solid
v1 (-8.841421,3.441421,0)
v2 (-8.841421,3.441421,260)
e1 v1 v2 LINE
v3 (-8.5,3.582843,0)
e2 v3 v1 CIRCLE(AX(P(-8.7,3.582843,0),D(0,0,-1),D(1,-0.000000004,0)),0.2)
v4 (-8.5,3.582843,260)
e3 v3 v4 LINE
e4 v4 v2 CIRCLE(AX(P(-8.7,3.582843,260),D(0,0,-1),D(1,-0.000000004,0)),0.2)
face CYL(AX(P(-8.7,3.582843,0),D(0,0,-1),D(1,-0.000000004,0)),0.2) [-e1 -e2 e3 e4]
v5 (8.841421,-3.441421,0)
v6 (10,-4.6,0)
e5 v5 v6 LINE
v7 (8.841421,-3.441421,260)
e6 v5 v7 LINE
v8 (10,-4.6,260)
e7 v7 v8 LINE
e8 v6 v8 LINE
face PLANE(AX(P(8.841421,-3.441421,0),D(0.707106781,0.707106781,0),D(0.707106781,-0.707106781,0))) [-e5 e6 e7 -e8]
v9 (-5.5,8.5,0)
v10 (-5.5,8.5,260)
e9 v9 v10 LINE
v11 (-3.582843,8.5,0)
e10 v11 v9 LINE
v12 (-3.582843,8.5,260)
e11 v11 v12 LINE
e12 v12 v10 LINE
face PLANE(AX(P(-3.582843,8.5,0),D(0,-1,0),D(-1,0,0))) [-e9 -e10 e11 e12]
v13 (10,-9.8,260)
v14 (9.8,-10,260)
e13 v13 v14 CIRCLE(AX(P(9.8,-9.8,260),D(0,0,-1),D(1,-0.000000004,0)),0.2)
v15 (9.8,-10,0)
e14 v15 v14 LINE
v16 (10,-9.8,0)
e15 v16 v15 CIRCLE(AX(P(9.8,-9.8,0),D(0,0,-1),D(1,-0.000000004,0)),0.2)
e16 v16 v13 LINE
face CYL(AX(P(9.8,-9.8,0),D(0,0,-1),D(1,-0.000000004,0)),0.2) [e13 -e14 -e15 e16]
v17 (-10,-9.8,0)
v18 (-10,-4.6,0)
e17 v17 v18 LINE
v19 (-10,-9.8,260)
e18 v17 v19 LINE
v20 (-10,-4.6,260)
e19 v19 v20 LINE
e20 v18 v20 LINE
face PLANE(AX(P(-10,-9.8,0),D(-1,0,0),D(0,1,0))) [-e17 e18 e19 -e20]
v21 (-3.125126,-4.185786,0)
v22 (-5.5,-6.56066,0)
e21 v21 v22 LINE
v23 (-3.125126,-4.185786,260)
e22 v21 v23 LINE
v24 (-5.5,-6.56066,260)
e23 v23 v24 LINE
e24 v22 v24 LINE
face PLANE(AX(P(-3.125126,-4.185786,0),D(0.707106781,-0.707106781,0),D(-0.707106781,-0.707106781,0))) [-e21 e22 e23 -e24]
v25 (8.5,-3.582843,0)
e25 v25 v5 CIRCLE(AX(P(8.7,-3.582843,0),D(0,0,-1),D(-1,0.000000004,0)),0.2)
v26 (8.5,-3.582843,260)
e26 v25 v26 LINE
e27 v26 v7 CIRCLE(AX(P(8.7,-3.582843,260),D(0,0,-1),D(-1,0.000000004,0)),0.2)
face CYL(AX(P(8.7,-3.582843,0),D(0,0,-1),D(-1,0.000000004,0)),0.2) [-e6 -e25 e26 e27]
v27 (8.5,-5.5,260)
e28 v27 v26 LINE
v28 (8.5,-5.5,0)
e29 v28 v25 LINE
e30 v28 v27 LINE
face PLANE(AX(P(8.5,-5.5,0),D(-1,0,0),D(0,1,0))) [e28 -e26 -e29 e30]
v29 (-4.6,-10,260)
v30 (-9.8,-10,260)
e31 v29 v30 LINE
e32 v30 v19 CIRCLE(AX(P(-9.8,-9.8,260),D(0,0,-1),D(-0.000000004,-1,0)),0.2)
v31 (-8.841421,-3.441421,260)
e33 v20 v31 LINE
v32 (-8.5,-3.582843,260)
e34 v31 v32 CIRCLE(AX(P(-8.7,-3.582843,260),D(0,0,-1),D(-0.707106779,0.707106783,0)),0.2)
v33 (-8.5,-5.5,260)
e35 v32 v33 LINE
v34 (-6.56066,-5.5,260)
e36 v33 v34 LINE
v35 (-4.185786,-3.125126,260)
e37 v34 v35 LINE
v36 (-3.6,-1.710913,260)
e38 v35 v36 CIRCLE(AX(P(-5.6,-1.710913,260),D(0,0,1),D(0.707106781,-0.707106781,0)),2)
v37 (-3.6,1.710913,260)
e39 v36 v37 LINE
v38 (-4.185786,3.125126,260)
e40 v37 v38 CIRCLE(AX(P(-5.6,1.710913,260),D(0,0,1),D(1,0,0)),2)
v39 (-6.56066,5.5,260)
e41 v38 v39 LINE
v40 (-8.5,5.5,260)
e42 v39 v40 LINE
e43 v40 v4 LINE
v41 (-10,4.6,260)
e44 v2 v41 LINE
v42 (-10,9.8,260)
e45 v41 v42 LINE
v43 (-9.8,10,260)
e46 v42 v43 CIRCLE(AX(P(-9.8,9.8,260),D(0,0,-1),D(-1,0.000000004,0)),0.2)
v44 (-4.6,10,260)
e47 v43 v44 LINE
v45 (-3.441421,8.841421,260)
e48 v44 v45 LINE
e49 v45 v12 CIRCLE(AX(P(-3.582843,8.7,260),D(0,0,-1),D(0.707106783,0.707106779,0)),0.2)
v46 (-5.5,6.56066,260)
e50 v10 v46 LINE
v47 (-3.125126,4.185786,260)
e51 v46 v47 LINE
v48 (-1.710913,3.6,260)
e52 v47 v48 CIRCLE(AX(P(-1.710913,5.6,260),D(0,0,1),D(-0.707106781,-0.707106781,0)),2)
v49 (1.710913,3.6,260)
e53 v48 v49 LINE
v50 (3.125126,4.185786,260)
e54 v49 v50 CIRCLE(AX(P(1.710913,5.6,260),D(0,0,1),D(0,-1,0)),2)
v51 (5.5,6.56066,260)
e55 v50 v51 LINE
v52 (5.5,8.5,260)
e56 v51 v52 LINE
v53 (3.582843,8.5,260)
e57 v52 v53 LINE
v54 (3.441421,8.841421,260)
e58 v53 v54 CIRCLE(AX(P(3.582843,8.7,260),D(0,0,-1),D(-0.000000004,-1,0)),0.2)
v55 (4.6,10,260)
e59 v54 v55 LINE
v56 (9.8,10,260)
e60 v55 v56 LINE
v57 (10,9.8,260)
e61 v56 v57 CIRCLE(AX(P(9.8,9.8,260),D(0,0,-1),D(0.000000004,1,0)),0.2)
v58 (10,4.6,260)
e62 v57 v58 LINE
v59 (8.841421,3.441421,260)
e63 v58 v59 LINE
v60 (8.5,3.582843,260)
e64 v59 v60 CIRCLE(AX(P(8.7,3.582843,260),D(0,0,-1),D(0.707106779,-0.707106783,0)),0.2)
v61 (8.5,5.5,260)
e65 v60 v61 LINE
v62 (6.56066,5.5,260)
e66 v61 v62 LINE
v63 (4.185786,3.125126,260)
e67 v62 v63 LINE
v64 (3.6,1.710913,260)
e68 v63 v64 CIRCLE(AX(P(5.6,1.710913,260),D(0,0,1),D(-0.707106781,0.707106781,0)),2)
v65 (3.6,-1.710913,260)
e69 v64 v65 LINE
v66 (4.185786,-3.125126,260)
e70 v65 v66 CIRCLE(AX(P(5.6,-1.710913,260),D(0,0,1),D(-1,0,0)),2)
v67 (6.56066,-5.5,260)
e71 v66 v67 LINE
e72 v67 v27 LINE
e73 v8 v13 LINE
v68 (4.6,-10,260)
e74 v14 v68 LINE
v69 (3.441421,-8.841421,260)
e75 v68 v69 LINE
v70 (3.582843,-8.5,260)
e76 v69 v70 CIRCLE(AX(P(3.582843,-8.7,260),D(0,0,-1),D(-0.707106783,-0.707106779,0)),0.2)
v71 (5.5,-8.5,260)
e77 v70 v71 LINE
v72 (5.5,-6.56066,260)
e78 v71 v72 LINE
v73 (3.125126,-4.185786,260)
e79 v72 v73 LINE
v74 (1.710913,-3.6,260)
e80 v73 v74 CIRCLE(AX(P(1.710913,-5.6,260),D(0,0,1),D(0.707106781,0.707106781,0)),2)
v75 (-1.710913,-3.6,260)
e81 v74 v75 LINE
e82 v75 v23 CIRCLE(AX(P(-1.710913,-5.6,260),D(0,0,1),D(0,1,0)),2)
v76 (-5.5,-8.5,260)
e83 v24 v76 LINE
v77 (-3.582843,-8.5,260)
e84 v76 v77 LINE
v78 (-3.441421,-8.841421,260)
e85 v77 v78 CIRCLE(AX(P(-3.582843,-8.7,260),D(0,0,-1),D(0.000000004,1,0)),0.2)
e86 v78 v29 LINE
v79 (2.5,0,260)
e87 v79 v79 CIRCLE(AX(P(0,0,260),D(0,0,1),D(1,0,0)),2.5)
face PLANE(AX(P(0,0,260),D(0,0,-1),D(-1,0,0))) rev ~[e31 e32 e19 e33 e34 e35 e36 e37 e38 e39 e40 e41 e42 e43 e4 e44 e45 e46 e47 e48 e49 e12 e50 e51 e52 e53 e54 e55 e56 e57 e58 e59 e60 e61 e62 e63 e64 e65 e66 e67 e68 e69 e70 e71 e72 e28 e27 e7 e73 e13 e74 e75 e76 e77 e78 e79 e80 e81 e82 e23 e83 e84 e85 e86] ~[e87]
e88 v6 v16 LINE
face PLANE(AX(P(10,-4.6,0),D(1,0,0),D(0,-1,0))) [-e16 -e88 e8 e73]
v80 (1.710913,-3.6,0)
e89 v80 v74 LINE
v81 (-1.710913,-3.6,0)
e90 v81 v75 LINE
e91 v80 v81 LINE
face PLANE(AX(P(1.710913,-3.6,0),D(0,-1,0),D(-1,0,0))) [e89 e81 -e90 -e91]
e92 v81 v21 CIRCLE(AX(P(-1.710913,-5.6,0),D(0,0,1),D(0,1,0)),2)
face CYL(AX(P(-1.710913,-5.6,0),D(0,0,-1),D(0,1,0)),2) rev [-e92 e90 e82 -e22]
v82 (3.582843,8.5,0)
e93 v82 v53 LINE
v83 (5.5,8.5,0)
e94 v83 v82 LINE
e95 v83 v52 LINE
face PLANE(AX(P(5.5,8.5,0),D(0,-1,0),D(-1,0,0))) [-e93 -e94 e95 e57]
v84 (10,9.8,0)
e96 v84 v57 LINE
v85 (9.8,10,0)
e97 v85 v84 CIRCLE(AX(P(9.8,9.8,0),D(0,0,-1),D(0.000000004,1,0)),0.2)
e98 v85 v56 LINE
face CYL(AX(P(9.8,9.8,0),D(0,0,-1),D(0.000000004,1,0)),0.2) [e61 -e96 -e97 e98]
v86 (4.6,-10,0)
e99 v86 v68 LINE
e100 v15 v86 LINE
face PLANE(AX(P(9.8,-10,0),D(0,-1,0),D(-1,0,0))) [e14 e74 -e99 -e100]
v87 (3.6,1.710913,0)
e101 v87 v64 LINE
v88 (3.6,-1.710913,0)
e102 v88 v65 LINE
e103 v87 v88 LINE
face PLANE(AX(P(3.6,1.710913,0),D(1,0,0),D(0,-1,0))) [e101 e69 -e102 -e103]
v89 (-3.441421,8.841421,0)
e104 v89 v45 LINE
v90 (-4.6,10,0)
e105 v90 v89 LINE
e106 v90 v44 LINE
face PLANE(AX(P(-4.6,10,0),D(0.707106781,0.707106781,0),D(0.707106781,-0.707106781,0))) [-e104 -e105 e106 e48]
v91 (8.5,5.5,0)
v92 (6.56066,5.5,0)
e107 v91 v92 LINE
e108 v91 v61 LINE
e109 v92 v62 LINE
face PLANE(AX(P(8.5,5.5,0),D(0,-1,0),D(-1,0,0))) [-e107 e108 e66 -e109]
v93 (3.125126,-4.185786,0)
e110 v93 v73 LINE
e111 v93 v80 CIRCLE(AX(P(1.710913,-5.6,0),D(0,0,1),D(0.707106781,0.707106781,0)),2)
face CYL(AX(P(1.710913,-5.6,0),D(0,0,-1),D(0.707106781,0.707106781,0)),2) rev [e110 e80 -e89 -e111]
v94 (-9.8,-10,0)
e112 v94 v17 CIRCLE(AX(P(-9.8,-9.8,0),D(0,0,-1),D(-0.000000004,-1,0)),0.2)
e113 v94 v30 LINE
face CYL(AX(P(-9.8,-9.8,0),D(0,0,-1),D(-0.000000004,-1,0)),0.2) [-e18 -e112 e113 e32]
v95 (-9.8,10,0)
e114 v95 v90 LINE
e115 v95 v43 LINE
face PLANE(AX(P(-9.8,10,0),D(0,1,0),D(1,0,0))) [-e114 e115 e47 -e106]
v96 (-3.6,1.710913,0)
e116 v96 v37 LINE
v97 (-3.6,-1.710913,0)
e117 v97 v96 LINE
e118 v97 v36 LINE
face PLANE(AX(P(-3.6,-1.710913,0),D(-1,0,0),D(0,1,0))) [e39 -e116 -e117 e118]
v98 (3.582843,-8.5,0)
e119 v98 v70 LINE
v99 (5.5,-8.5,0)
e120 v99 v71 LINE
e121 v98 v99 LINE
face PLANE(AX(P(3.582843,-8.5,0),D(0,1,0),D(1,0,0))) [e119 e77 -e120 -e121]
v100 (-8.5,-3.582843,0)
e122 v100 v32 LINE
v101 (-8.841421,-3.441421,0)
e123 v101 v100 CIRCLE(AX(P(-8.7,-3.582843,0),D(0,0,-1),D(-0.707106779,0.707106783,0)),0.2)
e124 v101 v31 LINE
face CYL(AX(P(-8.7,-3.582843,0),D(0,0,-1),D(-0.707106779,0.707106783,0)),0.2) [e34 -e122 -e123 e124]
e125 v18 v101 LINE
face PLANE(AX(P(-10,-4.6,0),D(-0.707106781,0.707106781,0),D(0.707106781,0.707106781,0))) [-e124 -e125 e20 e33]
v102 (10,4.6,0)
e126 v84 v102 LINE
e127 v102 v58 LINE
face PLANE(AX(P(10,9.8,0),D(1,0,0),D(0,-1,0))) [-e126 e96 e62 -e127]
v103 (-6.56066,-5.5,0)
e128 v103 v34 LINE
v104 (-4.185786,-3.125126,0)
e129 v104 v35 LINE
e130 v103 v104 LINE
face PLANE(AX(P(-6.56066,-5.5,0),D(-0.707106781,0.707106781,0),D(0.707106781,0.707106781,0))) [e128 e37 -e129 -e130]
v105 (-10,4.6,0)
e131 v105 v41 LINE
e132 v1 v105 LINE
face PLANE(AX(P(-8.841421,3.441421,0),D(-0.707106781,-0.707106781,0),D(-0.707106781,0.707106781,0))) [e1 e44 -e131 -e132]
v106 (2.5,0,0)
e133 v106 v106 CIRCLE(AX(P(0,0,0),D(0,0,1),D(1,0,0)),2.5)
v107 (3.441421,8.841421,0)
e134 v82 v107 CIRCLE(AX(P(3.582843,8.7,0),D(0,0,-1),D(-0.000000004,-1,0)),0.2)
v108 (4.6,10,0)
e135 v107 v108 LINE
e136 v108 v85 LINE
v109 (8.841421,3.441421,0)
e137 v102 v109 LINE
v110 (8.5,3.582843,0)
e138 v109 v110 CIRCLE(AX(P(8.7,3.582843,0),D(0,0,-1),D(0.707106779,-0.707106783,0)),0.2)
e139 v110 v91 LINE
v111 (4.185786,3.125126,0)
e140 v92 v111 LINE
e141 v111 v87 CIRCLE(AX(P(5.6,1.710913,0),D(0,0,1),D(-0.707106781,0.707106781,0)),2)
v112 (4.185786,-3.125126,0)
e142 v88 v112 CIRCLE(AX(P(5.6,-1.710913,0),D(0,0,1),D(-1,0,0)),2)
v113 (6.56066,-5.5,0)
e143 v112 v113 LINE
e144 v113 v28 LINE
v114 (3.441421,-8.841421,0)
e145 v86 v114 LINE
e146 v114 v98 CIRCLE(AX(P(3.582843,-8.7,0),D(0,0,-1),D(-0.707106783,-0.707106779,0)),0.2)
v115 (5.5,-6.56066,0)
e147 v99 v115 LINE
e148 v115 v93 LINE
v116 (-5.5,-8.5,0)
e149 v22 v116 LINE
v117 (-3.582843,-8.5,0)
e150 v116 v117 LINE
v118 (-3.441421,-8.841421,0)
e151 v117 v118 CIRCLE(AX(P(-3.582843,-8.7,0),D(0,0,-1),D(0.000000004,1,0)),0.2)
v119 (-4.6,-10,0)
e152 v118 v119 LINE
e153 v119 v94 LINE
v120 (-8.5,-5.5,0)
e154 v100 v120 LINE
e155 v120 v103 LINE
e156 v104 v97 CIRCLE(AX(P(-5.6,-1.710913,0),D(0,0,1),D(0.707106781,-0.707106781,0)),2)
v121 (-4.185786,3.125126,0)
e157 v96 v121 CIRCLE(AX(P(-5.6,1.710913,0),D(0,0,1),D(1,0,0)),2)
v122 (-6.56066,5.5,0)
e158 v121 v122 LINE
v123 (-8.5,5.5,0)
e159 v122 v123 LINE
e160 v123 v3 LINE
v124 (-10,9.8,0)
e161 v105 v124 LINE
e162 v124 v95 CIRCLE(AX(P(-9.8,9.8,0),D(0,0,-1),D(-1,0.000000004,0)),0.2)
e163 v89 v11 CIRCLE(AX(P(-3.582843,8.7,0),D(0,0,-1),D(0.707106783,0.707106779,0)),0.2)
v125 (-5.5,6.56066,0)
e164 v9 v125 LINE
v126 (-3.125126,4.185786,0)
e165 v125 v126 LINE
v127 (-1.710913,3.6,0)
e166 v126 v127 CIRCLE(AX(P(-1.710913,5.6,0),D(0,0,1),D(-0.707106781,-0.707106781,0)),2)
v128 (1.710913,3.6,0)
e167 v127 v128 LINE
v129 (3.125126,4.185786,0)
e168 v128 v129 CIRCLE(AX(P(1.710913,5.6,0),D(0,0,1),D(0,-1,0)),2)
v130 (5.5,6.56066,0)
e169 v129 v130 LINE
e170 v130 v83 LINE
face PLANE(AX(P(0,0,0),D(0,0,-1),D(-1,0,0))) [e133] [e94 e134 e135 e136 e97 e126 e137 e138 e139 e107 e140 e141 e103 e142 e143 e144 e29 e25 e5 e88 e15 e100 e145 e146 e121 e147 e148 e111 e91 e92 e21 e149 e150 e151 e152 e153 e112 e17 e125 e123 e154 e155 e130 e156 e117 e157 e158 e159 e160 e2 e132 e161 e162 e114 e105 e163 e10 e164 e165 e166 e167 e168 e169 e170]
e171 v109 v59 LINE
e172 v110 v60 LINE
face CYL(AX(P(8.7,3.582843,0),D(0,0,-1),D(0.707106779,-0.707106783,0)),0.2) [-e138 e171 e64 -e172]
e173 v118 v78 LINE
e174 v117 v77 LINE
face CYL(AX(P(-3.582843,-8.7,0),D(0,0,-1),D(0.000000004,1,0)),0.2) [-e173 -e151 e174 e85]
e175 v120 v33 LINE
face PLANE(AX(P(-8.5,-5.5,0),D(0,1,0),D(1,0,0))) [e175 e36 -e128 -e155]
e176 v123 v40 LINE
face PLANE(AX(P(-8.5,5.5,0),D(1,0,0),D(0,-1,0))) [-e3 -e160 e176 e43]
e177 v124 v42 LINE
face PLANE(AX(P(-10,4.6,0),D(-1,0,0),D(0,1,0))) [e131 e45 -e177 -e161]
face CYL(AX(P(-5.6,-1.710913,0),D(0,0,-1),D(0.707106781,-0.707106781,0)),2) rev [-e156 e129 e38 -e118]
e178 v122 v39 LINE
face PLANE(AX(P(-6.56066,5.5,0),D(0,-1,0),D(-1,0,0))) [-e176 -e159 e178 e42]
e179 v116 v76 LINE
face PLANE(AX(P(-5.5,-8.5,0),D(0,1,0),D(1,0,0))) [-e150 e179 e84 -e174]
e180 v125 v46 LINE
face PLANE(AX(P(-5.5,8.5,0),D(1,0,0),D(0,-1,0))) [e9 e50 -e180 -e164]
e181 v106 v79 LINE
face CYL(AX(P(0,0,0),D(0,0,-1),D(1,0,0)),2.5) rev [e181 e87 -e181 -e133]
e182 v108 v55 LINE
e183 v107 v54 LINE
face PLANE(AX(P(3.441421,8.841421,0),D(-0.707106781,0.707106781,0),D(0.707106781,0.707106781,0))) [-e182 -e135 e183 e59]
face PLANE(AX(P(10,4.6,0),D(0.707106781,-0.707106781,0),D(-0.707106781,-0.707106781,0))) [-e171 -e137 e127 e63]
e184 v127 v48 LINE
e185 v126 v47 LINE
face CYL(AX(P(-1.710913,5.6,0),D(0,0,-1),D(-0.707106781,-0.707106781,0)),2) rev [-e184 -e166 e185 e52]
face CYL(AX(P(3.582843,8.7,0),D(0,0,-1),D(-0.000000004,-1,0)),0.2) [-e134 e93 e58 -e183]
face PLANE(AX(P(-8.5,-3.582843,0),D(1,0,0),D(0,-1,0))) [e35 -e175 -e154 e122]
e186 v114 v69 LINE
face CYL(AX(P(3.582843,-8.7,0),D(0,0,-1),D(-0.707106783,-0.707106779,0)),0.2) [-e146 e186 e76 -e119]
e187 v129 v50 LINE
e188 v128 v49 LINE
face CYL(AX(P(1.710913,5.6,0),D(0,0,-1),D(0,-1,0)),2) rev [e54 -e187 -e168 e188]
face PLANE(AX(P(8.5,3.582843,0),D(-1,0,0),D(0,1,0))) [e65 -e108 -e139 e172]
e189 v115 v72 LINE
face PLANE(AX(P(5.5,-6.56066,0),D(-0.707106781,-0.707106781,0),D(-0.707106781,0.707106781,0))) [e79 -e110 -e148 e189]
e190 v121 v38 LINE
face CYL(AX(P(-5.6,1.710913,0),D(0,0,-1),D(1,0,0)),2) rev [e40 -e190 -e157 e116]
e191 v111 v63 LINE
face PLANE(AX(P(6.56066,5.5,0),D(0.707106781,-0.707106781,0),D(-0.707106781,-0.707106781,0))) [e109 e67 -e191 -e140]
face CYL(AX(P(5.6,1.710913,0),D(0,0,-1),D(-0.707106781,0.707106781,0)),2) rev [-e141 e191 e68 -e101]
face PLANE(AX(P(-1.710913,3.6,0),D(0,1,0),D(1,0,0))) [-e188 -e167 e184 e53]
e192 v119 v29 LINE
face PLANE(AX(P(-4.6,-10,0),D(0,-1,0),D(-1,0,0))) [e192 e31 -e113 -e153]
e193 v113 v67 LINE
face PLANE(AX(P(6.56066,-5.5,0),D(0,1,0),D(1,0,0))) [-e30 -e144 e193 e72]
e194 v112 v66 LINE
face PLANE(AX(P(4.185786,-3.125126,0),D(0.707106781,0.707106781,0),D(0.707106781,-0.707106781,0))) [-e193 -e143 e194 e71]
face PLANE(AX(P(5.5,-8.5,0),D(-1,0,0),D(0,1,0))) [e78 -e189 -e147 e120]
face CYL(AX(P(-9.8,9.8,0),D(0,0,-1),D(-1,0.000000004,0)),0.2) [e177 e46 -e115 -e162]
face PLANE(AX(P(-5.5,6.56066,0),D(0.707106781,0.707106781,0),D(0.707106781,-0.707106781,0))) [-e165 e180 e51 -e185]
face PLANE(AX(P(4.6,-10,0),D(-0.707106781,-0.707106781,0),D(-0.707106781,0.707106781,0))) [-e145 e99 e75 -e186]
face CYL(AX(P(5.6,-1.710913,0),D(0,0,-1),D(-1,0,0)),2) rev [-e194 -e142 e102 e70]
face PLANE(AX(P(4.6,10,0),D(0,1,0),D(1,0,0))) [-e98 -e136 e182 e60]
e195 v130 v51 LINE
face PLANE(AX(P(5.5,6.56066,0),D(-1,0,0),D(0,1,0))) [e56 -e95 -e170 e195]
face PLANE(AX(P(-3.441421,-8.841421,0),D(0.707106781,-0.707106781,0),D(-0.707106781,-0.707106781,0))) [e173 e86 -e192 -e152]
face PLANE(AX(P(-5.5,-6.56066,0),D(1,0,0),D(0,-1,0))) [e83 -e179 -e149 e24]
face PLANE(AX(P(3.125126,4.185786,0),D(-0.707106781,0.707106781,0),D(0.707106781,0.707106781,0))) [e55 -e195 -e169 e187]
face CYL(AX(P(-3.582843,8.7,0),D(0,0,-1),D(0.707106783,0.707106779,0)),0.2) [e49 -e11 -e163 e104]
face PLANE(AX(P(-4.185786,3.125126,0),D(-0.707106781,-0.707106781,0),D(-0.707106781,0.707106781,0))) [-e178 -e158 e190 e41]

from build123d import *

# Parameters (mm, degrees)
ESBO_O1_R                = 2.5
RESSALTO_EXTRUS_O1_DEPTH = 260


with BuildPart() as part:
    # Esboço1 → Ressalto-extrusão1 (new body)
    with BuildSketch(Plane.XY):
        with BuildLine():
            Line((-4.6, -10), (-9.8, -10))
            ThreePointArc((-9.8, -10), (-9.941421356, -9.941421356), (-10, -9.8))
            Line((-10, -9.8), (-10, -4.6))
            Line((-10, -4.6), (-8.841421356, -3.441421356))
            ThreePointArc((-8.841421356, -3.441421356), (-8.623463314, -3.398066806), (-8.5, -3.582842712))
            Line((-8.5, -3.582842712), (-8.5, -5.5))
            Line((-8.5, -5.5), (-6.560660172, -5.5))
            Line((-6.560660172, -5.5), (-4.185786438, -3.125126266))
            ThreePointArc((-4.185786438, -3.125126266), (-3.752240935, -2.476279568), (-3.6, -1.710912703))
            Line((-3.6, -1.710912703), (-3.6, 1.710912703))
            ThreePointArc((-3.6, 1.710912703), (-3.752240935, 2.476279568), (-4.185786438, 3.125126266))
            Line((-4.185786438, 3.125126266), (-6.560660172, 5.5))
            Line((-6.560660172, 5.5), (-8.5, 5.5))
            Line((-8.5, 5.5), (-8.5, 3.582842712))
            ThreePointArc((-8.5, 3.582842712), (-8.623463314, 3.398066806), (-8.841421356, 3.441421356))
            Line((-8.841421356, 3.441421356), (-10, 4.6))
            Line((-10, 4.6), (-10, 9.8))
            ThreePointArc((-10, 9.8), (-9.941421356, 9.941421356), (-9.8, 10))
            Line((-9.8, 10), (-4.6, 10))
            Line((-4.6, 10), (-3.441421356, 8.841421356))
            ThreePointArc((-3.441421356, 8.841421356), (-3.398066806, 8.623463314), (-3.582842712, 8.5))
            Line((-3.582842712, 8.5), (-5.5, 8.5))
            Line((-5.5, 8.5), (-5.5, 6.560660172))
            Line((-5.5, 6.560660172), (-3.125126266, 4.185786438))
            ThreePointArc((-3.125126266, 4.185786438), (-2.476279568, 3.752240935), (-1.710912703, 3.6))
            Line((-1.710912703, 3.6), (1.710912703, 3.6))
            ThreePointArc((1.710912703, 3.6), (2.476279568, 3.752240935), (3.125126266, 4.185786438))
            Line((3.125126266, 4.185786438), (5.5, 6.560660172))
            Line((5.5, 6.560660172), (5.5, 8.5))
            Line((5.5, 8.5), (3.582842712, 8.5))
            ThreePointArc((3.582842712, 8.5), (3.398066806, 8.623463314), (3.441421356, 8.841421356))
            Line((3.441421356, 8.841421356), (4.6, 10))
            Line((4.6, 10), (9.8, 10))
            ThreePointArc((9.8, 10), (9.941421356, 9.941421356), (10, 9.8))
            Line((10, 9.8), (10, 4.6))
            Line((10, 4.6), (8.841421356, 3.441421356))
            ThreePointArc((8.841421356, 3.441421356), (8.623463314, 3.398066806), (8.5, 3.582842712))
            Line((8.5, 3.582842712), (8.5, 5.5))
            Line((8.5, 5.5), (6.560660172, 5.5))
            Line((6.560660172, 5.5), (4.185786438, 3.125126266))
            ThreePointArc((4.185786438, 3.125126266), (3.752240935, 2.476279568), (3.6, 1.710912703))
            Line((3.6, 1.710912703), (3.6, -1.710912703))
            ThreePointArc((3.6, -1.710912703), (3.752240935, -2.476279568), (4.185786438, -3.125126266))
            Line((4.185786438, -3.125126266), (6.560660172, -5.5))
            Line((6.560660172, -5.5), (8.5, -5.5))
            Line((8.5, -5.5), (8.5, -3.582842712))
            ThreePointArc((8.5, -3.582842712), (8.623463314, -3.398066806), (8.841421356, -3.441421356))
            Line((8.841421356, -3.441421356), (10, -4.6))
            Line((10, -4.6), (10, -9.8))
            ThreePointArc((10, -9.8), (9.941421356, -9.941421356), (9.8, -10))
            Line((9.8, -10), (4.6, -10))
            Line((4.6, -10), (3.441421356, -8.841421356))
            ThreePointArc((3.441421356, -8.841421356), (3.398066806, -8.623463314), (3.582842712, -8.5))
            Line((3.582842712, -8.5), (5.5, -8.5))
            Line((5.5, -8.5), (5.5, -6.560660172))
            Line((5.5, -6.560660172), (3.125126266, -4.185786438))
            ThreePointArc((3.125126266, -4.185786438), (2.476279568, -3.752240935), (1.710912703, -3.6))
            Line((1.710912703, -3.6), (-1.710912703, -3.6))
            ThreePointArc((-1.710912703, -3.6), (-2.476279568, -3.752240935), (-3.125126266, -4.185786438))
            Line((-3.125126266, -4.185786438), (-5.5, -6.560660172))
            Line((-5.5, -6.560660172), (-5.5, -8.5))
            Line((-5.5, -8.5), (-3.582842712, -8.5))
            ThreePointArc((-3.582842712, -8.5), (-3.398066806, -8.623463314), (-3.441421356, -8.841421356))
            Line((-3.441421356, -8.841421356), (-4.6, -10))
        make_face()
        Circle(ESBO_O1_R, mode=Mode.SUBTRACT)
    extrude(amount=RESSALTO_EXTRUS_O1_DEPTH)


solid = part.part
